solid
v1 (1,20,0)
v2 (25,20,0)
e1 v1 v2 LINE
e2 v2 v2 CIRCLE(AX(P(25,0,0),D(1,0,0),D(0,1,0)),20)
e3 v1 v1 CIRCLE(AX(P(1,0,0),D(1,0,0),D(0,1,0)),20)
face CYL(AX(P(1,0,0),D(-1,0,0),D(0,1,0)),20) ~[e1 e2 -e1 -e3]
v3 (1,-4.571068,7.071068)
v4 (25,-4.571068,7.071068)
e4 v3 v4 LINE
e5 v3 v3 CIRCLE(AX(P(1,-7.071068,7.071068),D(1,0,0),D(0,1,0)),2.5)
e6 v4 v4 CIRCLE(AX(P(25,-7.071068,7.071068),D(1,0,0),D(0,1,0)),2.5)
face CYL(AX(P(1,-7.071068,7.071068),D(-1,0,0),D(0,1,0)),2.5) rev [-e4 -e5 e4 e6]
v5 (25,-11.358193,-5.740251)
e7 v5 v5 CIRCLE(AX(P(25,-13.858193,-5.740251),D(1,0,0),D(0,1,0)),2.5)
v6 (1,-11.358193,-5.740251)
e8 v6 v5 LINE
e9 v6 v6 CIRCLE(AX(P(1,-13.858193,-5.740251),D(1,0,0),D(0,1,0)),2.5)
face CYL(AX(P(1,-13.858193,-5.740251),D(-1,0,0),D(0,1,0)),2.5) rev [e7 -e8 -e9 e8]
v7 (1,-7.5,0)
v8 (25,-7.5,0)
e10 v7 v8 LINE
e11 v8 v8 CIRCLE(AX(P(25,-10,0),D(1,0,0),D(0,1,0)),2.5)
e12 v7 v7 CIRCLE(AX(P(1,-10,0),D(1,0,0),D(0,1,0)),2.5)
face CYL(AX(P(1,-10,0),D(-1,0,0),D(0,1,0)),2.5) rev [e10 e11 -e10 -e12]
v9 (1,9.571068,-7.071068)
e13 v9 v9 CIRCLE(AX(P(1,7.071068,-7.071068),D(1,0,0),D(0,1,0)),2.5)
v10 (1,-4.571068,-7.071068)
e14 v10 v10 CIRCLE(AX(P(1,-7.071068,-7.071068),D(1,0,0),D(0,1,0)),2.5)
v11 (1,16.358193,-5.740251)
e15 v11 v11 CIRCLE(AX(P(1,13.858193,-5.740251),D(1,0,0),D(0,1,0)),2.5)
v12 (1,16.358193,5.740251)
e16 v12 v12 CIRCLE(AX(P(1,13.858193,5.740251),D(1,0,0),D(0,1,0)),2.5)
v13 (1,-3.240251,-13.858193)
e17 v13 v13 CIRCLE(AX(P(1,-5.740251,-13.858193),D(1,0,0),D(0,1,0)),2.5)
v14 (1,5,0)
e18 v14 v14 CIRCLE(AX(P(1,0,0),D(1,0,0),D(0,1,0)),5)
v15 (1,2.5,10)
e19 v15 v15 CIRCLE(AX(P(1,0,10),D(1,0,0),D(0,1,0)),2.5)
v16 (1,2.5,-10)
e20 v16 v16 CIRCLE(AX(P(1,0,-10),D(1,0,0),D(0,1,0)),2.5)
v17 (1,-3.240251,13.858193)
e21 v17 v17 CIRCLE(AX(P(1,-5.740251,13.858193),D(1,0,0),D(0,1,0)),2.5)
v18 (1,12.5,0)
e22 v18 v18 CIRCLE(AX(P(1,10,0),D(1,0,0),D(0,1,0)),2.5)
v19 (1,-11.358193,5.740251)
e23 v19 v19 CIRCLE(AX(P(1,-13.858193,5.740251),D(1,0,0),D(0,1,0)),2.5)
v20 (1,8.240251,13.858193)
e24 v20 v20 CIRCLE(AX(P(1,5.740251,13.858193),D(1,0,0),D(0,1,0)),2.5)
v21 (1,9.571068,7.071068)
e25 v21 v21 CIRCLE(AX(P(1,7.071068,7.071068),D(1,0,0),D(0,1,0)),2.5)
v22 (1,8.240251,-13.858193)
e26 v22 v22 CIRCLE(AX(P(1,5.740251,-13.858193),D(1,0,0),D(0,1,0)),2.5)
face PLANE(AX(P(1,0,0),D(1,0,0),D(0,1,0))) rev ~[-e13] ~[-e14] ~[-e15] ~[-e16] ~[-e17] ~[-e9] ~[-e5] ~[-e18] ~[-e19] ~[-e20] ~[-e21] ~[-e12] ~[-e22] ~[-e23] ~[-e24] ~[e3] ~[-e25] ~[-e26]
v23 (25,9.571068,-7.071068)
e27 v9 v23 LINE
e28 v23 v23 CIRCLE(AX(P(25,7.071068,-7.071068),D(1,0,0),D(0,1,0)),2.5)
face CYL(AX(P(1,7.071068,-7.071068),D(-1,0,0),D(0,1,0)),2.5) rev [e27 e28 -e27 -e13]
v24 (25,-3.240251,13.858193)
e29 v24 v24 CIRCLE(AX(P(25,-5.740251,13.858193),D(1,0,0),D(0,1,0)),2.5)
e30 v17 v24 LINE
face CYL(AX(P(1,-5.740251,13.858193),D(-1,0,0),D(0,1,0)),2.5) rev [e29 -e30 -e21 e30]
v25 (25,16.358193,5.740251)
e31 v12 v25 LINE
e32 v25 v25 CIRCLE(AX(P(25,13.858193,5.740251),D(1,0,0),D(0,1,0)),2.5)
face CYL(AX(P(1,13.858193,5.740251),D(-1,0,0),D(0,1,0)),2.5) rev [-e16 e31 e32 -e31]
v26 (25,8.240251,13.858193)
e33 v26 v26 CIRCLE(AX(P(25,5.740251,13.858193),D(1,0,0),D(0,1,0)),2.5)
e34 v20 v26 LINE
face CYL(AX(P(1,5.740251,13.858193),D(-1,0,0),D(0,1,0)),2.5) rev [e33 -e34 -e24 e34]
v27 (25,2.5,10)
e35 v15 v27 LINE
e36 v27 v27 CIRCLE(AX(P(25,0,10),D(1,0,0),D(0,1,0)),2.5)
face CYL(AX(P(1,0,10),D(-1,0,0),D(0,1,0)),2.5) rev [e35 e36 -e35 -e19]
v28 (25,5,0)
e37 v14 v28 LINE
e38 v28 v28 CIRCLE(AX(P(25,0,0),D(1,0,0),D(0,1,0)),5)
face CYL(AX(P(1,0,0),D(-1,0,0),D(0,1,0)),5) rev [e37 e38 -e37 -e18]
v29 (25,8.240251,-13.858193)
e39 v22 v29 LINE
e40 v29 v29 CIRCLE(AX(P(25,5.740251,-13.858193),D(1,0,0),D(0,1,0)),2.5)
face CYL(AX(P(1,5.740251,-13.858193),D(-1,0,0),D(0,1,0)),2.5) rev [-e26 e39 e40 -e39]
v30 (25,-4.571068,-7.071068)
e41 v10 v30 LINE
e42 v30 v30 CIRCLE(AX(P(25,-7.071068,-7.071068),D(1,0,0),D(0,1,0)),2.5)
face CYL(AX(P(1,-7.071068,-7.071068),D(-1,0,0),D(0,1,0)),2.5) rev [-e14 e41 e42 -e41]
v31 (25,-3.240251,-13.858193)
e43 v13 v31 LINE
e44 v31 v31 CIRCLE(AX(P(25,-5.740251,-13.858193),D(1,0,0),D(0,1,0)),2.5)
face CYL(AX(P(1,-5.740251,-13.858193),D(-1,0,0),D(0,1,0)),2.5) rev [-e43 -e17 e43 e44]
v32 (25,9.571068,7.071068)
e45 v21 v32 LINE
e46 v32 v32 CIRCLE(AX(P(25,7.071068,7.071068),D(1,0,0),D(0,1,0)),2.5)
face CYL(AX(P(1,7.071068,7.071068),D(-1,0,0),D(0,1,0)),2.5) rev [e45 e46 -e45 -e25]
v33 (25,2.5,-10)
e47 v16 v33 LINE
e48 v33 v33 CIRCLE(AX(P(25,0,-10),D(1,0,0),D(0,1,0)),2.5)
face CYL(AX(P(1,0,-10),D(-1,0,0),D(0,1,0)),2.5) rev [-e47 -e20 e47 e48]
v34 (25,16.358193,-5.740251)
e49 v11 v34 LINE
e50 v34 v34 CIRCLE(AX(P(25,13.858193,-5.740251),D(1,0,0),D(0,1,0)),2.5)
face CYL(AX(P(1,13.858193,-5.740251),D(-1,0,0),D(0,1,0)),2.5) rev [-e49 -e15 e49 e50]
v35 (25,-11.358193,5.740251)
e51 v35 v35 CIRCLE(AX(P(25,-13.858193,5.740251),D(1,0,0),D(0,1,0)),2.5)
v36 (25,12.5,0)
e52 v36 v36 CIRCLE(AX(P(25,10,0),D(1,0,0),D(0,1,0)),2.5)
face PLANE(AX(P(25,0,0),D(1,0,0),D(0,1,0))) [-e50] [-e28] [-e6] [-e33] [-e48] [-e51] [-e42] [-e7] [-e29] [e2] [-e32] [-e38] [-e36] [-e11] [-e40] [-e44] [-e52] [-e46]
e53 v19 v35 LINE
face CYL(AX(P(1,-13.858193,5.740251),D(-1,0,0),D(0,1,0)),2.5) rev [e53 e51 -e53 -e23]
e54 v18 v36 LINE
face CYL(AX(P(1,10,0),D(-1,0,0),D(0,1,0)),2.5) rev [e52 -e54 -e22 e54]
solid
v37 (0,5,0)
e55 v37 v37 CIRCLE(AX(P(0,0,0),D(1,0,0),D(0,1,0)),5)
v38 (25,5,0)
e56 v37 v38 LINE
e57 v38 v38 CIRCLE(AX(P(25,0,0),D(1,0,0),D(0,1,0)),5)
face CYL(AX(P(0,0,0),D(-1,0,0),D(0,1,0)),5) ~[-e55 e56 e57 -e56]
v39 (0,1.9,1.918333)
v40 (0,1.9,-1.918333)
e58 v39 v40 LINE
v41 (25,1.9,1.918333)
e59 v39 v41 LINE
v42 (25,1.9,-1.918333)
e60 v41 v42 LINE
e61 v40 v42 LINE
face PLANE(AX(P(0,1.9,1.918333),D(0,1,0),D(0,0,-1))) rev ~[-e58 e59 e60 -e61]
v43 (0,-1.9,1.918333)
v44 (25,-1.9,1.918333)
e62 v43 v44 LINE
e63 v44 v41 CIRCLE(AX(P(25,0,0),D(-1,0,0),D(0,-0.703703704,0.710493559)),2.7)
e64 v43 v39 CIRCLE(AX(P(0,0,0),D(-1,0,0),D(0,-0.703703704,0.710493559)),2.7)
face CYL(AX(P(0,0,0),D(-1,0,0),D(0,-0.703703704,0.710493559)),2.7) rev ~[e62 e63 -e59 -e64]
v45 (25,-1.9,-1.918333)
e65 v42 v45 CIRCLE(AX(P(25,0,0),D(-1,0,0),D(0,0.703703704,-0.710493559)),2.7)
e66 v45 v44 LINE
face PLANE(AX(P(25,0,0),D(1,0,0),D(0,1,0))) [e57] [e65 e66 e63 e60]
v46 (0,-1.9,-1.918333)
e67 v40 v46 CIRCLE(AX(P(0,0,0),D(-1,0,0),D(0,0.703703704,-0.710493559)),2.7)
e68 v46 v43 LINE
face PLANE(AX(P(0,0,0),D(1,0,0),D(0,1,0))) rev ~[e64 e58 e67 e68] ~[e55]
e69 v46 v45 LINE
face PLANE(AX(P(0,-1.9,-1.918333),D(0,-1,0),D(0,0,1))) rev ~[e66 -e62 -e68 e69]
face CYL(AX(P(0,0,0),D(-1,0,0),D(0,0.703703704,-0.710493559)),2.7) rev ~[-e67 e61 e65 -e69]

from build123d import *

# Parameters (mm, degrees)
F0_R     = 5
F1_DEPTH = 25
F2_START = 1
F0_R_2   = 20
F0_R_3   = 2.5
F2_DEPTH = 24


with BuildPart() as f1:
    # F0 (on Right) → F1 (new body)
    with BuildSketch(Plane.YZ):
        Circle(F0_R)
        with BuildLine():
            ThreePointArc((1.9, -1.9183326093), (0, -2.7), (-1.9, -1.9183326093))
            Line((-1.9, -1.9183326093), (-1.9, 1.9183326093))
            ThreePointArc((-1.9, 1.9183326093), (0, 2.7), (1.9, 1.9183326093))
            Line((1.9, 1.9183326093), (1.9, -1.9183326093))
        make_face(mode=Mode.SUBTRACT)
    extrude(amount=F1_DEPTH)


with BuildPart() as f2:
    # F0 (on Right) → F2 (new body)
    with BuildSketch(Plane.YZ.offset(F2_START)):
        Circle(F0_R_2)
        with Locations((-5.7402514855, -13.8581929877)):
            Circle(F0_R_3, mode=Mode.SUBTRACT)
        with Locations((-13.8581929877, -5.7402514855)):
            Circle(F0_R_3, mode=Mode.SUBTRACT)
        with Locations((-7.0710678119, -7.0710678119)):
            Circle(F0_R_3, mode=Mode.SUBTRACT)
        with Locations((5.7402514855, -13.8581929877)):
            Circle(F0_R_3, mode=Mode.SUBTRACT)
        with Locations((0, -10)):
            Circle(F0_R_3, mode=Mode.SUBTRACT)
        with Locations((7.0710678119, -7.0710678119)):
            Circle(F0_R_3, mode=Mode.SUBTRACT)
        with Locations((13.8581929877, -5.7402514855)):
            Circle(F0_R_3, mode=Mode.SUBTRACT)
        with Locations((-13.8581929877, 5.7402514855)):
            Circle(F0_R_3, mode=Mode.SUBTRACT)
        with Locations((-10, 0)):
            Circle(F0_R_3, mode=Mode.SUBTRACT)
        with Locations((-7.0710678119, 7.0710678119)):
            Circle(F0_R_3, mode=Mode.SUBTRACT)
        with Locations((-5.7402514855, 13.8581929877)):
            Circle(F0_R_3, mode=Mode.SUBTRACT)
        Circle(F0_R, mode=Mode.SUBTRACT)
        with Locations((7.0710678119, 7.0710678119)):
            Circle(F0_R_3, mode=Mode.SUBTRACT)
        with Locations((10, 0)):
            Circle(F0_R_3, mode=Mode.SUBTRACT)
        with Locations((13.8581929877, 5.7402514855)):
            Circle(F0_R_3, mode=Mode.SUBTRACT)
        with Locations((0, 10)):
            Circle(F0_R_3, mode=Mode.SUBTRACT)
        with Locations((5.7402514855, 13.8581929877)):
            Circle(F0_R_3, mode=Mode.SUBTRACT)
    extrude(amount=F2_DEPTH)


solid = Compound([f1.part, f2.part])
